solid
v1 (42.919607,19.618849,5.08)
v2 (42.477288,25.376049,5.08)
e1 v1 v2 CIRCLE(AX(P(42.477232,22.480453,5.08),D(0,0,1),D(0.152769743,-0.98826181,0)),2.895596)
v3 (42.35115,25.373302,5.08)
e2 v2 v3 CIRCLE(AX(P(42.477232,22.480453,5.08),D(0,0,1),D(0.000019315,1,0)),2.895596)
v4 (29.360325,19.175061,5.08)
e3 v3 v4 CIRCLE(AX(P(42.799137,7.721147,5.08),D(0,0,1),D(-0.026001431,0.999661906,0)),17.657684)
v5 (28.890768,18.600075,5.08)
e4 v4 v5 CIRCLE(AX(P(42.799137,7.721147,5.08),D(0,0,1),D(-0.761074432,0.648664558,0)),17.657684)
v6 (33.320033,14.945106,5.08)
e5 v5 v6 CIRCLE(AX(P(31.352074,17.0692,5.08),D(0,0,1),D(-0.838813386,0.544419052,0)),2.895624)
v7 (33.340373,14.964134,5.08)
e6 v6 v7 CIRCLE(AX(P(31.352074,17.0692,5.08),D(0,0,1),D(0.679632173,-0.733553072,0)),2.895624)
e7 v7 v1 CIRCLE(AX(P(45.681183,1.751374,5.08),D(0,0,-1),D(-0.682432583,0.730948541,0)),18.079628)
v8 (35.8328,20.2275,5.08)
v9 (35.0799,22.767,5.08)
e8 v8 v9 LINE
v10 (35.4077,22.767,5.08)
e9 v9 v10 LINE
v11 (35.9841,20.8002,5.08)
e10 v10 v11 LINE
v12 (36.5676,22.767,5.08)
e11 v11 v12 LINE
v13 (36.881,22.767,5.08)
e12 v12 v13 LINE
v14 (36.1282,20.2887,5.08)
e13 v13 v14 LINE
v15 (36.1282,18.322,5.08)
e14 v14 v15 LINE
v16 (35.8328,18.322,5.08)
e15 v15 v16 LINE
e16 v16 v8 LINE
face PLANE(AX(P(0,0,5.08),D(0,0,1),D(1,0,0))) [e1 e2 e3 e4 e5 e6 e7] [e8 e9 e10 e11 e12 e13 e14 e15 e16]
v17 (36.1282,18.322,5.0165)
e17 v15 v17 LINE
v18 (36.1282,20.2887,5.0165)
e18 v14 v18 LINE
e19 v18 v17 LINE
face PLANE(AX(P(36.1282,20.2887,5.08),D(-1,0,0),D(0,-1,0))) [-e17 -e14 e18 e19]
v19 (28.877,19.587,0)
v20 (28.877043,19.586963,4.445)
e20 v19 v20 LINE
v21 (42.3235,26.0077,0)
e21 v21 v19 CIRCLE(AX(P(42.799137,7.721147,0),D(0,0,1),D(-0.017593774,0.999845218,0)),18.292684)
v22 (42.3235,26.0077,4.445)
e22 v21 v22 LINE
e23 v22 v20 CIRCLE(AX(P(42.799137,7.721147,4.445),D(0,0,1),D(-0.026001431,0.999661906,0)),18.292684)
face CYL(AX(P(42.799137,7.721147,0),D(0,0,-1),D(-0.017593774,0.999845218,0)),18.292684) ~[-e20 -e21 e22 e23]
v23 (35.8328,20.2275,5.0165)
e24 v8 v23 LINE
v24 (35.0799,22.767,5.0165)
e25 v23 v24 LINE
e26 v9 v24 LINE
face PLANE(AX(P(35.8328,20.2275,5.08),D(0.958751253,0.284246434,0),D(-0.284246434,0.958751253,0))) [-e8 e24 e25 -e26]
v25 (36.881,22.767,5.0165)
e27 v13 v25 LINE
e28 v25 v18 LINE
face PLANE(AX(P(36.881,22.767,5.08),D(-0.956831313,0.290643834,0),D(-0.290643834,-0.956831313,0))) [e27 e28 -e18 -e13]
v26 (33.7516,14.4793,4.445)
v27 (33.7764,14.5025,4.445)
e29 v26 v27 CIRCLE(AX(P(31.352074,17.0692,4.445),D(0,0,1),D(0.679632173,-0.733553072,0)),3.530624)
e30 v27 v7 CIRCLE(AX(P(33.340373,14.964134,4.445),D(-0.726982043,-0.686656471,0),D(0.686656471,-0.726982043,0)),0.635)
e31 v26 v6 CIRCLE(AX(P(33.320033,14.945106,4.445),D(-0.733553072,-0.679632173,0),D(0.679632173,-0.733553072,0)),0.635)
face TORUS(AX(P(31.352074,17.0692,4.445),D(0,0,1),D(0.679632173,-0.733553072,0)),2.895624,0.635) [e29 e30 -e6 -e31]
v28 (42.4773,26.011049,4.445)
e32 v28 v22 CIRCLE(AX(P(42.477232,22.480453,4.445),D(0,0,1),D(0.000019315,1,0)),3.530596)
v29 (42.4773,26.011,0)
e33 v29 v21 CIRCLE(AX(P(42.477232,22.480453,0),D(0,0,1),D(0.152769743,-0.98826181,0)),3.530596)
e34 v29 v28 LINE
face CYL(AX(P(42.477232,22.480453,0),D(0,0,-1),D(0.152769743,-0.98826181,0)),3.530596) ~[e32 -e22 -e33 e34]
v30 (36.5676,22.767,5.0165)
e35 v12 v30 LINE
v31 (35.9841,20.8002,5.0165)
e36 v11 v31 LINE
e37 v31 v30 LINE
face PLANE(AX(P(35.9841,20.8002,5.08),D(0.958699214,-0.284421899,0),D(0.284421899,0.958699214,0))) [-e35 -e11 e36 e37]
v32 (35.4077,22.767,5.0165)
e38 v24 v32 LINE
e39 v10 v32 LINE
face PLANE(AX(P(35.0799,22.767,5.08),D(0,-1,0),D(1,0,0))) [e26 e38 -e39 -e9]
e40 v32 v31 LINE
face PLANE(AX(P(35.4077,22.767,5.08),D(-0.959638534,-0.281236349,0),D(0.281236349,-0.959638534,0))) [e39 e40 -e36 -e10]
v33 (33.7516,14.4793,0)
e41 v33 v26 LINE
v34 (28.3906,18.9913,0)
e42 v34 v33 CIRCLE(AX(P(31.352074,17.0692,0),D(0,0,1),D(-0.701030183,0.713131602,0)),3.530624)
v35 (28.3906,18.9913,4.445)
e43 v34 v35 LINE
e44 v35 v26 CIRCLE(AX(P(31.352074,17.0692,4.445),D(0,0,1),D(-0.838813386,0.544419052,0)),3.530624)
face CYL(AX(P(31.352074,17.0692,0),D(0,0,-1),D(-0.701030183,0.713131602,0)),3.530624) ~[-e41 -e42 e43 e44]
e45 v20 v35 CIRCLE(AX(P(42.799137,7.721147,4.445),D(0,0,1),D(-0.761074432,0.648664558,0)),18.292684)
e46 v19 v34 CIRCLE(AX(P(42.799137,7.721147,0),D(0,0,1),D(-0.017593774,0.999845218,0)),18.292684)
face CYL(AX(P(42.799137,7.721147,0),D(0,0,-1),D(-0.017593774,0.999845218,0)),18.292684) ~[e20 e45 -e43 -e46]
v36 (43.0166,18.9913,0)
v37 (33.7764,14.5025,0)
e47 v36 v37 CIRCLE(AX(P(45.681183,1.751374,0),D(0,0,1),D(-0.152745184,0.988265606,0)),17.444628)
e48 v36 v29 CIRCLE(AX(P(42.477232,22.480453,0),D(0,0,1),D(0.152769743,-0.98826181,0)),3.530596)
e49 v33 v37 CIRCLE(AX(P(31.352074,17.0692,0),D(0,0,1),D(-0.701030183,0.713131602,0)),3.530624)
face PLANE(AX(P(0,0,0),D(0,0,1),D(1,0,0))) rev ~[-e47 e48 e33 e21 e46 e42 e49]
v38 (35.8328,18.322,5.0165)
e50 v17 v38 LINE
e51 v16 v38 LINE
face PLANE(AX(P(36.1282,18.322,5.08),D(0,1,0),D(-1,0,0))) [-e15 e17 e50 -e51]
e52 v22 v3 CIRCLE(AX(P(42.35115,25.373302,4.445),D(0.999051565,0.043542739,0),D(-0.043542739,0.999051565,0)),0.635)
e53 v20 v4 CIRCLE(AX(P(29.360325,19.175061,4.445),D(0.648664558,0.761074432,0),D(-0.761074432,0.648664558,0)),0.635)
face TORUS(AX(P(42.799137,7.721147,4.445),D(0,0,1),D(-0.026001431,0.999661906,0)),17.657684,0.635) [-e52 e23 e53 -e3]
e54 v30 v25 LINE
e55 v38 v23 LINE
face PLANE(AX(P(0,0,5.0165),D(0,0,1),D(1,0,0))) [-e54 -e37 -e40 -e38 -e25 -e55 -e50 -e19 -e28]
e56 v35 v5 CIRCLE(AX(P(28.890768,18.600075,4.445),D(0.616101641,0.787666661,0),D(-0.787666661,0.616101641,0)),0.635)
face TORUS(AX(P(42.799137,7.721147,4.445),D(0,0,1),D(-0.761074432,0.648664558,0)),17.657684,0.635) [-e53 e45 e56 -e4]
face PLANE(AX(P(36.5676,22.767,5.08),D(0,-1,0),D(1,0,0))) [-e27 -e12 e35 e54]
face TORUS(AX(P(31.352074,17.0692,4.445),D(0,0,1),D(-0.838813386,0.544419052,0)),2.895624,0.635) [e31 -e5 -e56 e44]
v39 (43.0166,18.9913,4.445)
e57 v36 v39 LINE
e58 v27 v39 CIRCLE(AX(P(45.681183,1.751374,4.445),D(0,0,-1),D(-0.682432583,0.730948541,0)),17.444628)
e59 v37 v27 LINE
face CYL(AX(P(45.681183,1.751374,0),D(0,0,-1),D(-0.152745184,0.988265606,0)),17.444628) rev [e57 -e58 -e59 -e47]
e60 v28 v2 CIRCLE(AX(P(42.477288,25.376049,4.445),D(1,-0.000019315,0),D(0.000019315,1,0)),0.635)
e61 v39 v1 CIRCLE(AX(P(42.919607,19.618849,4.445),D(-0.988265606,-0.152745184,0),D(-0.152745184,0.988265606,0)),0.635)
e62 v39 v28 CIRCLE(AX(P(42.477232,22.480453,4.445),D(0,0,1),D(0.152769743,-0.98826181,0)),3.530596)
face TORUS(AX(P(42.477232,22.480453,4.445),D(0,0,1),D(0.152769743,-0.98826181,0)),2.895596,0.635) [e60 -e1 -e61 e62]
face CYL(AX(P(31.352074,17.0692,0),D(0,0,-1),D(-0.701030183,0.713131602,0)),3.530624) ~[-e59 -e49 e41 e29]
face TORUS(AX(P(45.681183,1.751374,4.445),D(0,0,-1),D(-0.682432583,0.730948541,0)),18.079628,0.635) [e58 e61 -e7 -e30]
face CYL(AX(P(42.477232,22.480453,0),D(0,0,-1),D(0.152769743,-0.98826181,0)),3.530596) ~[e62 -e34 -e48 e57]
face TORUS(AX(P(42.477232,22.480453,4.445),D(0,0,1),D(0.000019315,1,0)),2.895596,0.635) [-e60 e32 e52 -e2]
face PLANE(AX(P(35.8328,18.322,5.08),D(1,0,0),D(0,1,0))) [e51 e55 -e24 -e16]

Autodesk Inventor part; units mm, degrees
ref_plane "YZ Plane" through (0, 0, 0) normal (1, 0, 0) x (0, 1, 0)
ref_plane "XZ Plane" through (0, 0, 0) normal (0, 1, 0) x (-1, 0, 0)
ref_plane "XY Plane" through (0, 0, 0) normal (0, 0, 1) x (1, 0, 0)
sketch "Sketch2" plane through (0, 0, 0) normal (0, 0, 1) x (1, 0, 0)
  arc A0 (28.877, 19.587) -> (33.7764, 14.5025) centre (31.3521, 17.0692) ccw
  arc A1 (43.0166, 18.9913) -> (42.3235, 26.0077) centre (42.4773, 22.4804) ccw
  arc A2 (43.0166, 18.9913) -> (33.7516, 14.4793) centre (45.6813, 1.751) ccw
  arc A3 (42.4773, 26.011) -> (28.3906, 18.9913) centre (42.7991, 7.7213) ccw
  point P0 (0, 0)
  point P1 (43.3585, 19.0616)
extrude "Extrusion2" add sketch "Sketch2" along normal blind 5.08 contours A3 A1 A2 A0
fillet "Fillet5" radius 0.635 6 edges at (42.4004, 26.0095, 5.08) (28.6307, 19.2917, 5.08) (38.0586, 17.4425, 5.08) (33.764, 14.4909, 5.08) (45.9976, 22.7509, 5.08) (29.0787, 14.368, 5.08)
sketch "Sketch3" plane through (0, 0, 5.08) normal (0, 0, 1) x (1, 0, 0)
  line L0 (35.098, 22.767) -> (40.3325, 22.767) construction
  line L1 (40.3325, 22.767) -> (40.3325, 19.1255) construction
  line L2 (40.3325, 19.1255) -> (35.098, 19.1255) construction
  line L3 (35.098, 19.1255) -> (35.098, 22.767) construction
  line L4 (36.881, 22.767) -> (36.1282, 20.2887)
  line L5 (36.1282, 20.2887) -> (36.1282, 18.322)
  line L6 (36.1282, 18.322) -> (35.8328, 18.322)
  line L7 (35.8328, 18.322) -> (35.8328, 20.2275)
  line L8 (35.8328, 20.2275) -> (35.0799, 22.767)
  line L9 (35.0799, 22.767) -> (35.4077, 22.767)
  line L10 (35.4077, 22.767) -> (35.9841, 20.8002)
  line L11 (35.9841, 20.8002) -> (36.5676, 22.767)
  line L12 (36.5676, 22.767) -> (36.881, 22.767)
  point P0 (0, 0)
extrude "Extrusion3" cut sketch "Sketch3" against normal blind 0.0635
properties part number "Y Button"
